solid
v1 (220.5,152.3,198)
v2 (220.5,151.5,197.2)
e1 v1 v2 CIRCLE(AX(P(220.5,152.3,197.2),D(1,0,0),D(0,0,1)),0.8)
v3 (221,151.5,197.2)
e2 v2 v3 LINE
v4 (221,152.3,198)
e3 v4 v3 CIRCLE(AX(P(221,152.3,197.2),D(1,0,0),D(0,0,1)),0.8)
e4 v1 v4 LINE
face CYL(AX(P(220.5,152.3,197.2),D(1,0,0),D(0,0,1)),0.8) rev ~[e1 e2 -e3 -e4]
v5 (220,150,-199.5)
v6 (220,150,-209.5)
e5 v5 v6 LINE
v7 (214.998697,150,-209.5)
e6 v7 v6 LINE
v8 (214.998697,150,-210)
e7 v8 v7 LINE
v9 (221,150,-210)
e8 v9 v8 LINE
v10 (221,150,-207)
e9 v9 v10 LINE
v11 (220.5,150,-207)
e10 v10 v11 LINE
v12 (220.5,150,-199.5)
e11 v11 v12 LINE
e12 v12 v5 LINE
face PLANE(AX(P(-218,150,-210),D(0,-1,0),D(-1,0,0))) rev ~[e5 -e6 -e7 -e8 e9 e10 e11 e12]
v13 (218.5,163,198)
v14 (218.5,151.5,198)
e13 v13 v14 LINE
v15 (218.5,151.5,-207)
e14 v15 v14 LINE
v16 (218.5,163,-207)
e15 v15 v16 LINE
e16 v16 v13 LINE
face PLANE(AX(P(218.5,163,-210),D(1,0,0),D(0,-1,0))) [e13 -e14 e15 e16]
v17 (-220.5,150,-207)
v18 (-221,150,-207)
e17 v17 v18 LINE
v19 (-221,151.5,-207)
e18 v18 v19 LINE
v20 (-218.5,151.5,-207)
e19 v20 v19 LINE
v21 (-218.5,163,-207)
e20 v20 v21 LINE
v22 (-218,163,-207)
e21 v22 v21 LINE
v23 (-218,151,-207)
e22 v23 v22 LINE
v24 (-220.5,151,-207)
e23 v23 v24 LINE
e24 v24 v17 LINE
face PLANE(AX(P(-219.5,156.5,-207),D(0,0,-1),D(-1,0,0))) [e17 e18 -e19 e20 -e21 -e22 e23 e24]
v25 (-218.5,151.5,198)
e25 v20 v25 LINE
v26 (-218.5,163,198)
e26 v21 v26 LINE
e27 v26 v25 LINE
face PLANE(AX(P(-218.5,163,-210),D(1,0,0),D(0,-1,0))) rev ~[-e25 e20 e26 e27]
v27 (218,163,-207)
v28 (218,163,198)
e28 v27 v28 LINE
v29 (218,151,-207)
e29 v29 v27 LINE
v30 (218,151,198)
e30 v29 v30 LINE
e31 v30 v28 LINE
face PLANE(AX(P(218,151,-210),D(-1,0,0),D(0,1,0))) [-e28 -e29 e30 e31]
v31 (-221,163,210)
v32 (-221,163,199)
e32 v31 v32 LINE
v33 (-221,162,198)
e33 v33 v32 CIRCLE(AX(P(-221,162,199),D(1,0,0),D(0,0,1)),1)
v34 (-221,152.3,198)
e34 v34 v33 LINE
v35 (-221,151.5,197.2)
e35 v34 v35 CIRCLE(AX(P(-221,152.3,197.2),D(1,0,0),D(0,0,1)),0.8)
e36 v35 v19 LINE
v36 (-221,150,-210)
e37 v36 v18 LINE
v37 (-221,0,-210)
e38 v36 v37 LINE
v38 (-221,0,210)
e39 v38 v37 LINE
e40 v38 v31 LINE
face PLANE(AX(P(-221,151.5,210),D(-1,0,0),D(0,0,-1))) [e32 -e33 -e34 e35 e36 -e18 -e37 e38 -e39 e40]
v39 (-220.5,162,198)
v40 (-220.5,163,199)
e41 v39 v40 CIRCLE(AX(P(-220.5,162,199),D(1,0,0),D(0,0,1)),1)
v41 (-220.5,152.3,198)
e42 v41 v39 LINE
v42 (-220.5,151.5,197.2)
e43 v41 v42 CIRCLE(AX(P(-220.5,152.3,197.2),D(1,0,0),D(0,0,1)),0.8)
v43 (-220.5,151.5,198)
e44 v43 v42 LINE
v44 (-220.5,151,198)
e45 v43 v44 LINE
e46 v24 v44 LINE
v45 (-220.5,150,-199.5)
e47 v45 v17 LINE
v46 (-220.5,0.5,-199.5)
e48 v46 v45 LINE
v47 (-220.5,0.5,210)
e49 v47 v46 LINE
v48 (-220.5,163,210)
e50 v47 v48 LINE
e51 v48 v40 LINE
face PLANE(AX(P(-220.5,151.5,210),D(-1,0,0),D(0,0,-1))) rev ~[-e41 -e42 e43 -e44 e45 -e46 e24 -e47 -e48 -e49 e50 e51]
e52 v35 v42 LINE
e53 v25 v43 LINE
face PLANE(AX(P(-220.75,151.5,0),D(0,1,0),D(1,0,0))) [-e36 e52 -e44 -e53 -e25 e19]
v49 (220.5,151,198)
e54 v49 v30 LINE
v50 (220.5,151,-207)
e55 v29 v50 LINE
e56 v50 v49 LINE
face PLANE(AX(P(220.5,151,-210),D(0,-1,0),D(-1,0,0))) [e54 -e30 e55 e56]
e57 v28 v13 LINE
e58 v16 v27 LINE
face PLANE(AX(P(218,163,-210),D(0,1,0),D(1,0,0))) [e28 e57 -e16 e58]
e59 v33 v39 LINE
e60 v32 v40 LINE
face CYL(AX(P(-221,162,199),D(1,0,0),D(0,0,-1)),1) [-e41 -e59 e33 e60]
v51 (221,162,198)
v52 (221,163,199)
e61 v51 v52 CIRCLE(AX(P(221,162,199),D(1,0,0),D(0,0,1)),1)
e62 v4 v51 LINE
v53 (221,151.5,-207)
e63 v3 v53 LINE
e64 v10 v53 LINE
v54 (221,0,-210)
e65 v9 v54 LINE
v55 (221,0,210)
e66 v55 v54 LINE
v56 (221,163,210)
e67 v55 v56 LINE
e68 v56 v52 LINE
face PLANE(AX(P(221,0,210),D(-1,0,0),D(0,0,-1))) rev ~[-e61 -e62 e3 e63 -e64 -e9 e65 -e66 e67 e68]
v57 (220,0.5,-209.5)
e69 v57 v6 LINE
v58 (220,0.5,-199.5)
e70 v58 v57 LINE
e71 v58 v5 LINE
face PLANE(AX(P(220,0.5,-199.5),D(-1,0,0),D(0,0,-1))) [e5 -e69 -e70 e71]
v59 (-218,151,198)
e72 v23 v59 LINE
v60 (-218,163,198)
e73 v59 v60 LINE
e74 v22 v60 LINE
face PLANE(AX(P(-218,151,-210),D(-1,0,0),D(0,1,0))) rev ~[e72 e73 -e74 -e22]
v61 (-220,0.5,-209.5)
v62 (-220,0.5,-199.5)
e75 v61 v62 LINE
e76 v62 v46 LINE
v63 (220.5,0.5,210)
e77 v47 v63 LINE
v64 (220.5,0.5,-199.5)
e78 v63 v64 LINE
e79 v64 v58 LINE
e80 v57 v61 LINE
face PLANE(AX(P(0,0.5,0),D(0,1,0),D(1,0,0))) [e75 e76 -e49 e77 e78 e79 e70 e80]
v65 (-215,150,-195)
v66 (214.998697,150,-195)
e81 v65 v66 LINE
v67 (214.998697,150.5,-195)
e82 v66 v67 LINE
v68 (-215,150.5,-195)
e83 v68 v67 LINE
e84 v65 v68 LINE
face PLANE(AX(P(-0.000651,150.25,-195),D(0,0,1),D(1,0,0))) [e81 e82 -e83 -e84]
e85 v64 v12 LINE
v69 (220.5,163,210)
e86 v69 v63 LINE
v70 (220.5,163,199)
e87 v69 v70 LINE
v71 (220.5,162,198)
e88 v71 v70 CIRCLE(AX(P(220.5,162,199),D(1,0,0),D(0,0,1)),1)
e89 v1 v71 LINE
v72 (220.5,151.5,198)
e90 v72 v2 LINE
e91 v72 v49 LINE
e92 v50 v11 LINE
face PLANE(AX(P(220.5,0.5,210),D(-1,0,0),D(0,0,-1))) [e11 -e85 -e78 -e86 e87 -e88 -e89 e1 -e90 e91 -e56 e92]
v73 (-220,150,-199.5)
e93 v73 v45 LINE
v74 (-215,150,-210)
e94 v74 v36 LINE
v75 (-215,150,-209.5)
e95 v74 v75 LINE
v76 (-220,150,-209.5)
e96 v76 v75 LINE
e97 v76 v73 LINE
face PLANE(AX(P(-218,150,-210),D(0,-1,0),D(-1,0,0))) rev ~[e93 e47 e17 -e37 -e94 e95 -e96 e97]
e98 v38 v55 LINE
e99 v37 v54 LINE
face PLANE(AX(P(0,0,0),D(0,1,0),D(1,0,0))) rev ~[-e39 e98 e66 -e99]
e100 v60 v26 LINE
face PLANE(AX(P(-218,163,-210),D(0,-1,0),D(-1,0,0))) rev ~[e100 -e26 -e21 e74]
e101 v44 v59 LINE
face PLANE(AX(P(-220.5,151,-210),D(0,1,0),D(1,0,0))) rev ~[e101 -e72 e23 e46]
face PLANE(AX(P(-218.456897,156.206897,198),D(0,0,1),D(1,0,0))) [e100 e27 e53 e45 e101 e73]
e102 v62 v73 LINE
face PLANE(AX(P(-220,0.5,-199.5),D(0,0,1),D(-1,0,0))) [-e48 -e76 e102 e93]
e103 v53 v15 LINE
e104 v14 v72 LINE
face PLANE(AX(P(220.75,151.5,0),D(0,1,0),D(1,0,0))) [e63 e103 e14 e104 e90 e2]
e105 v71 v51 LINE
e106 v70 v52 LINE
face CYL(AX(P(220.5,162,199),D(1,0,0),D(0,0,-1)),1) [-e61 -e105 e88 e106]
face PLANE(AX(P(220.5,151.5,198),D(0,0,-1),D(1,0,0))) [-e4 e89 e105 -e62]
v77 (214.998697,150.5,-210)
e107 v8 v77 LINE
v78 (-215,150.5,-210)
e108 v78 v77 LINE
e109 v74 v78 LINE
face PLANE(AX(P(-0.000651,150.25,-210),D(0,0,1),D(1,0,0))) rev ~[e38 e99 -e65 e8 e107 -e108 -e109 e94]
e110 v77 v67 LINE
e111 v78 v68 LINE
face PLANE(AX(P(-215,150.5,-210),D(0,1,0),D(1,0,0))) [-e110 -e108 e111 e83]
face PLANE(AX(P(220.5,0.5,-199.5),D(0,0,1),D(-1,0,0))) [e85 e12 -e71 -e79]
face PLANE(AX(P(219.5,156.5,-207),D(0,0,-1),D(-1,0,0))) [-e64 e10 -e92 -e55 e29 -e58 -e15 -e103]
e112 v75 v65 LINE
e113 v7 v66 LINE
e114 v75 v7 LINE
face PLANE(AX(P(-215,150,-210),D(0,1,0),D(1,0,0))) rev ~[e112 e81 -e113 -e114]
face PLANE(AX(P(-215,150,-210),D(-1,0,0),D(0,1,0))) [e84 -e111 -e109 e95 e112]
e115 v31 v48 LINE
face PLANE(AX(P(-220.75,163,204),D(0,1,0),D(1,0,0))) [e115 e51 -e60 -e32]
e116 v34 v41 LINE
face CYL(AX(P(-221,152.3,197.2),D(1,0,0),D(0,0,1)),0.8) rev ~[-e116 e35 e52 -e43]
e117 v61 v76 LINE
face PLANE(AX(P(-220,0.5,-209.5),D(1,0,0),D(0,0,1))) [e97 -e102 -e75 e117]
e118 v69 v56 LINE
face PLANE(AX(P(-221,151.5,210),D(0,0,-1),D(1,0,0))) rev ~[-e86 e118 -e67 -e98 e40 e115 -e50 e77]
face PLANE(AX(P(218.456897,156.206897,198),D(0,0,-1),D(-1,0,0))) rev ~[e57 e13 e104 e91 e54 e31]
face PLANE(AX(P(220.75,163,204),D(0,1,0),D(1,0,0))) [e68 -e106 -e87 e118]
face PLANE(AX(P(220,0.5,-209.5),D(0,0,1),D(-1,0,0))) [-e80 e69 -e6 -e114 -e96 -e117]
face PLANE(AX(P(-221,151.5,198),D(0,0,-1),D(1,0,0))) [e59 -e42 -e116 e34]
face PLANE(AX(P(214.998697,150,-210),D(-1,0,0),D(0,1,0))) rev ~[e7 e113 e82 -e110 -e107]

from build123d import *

# Parameters (mm, degrees)
SKETCH1_W           = 442
SKETCH1_H           = 420
BOSS_EXTRUDE1_DEPTH = 0.5
SKETCH2_W           = 0.5
SKETCH2_H           = 420
BOSS_EXTRUDE2_DEPTH = 151
BOSS_EXTRUDE5_DEPTH = 408
BOSS_EXTRUDE3_DEPTH = 149.5
SKETCH41_W          = 3
SKETCH41_H          = 13
CUT_EXTRUDE1_DEPTH  = 3
SKETCH42_W          = 430
SKETCH42_H          = 0.5
BOSS_EXTRUDE6_DEPTH = 147.4
SKETCH43_W          = 429.998697479
SKETCH43_H          = 0.5
BOSS_EXTRUDE7_DEPTH = 15
SKETCH44_W          = 0.5
SKETCH44_H          = 12
BOSS_EXTRUDE8_DEPTH = 11.5
FILLET1_R           = 1
FILLET2_R           = 0.8


with BuildPart() as part:
    # Sketch1 → Boss-Extrude1 (new body)
    with BuildSketch(Plane(origin=(0, 0, 0), x_dir=(1, 0, 0), z_dir=(0, 1, 0))):
        Rectangle(SKETCH1_W, SKETCH1_H)
    extrude(amount=BOSS_EXTRUDE1_DEPTH)

    # Sketch2 → Boss-Extrude2 (add)
    with BuildSketch(Plane(origin=(0, 0.5, 0), x_dir=(1, 0, 0), z_dir=(0, 1, 0))):
        with Locations((-220.75, 0)):
            Rectangle(SKETCH2_W, SKETCH2_H)
        with Locations((220.75, 0)):
            Rectangle(SKETCH2_W, SKETCH2_H)
    extrude(amount=BOSS_EXTRUDE2_DEPTH)

    # Sketch39 → Boss-Extrude5 (add)
    with BuildSketch(Plane(origin=(0, 0, -210), x_dir=(-1, 0, 0), z_dir=(0, 0, -1))):
        Polygon((220.5, 151), (218, 151), (218, 163), (218.5, 163), (218.5, 151.5), (220.5, 151.5), align=None)
        Polygon((-220.5, 151.5), (-220.5, 151), (-218, 151), (-218, 163), (-218.5, 163), (-218.5, 151.5), align=None)
    extrude(amount=-BOSS_EXTRUDE5_DEPTH)

    # Sketch41 → Cut-Extrude1 (cut)
    with BuildSketch(Plane(origin=(0, 0, -210), x_dir=(-1, 0, 0), z_dir=(0, 0, -1))):
        with Locations((219.5, 156.5)):
            Rectangle(SKETCH41_W, SKETCH41_H)
        with Locations((-219.5, 156.5)):
            Rectangle(SKETCH41_W, SKETCH41_H)
    extrude(amount=-CUT_EXTRUDE1_DEPTH, mode=Mode.SUBTRACT)


with BuildPart() as body_2:
    # Sketch7 → Boss-Extrude3 (new body)
    with BuildSketch(Plane(origin=(0, 0.5, 0), x_dir=(1, 0, 0), z_dir=(0, 1, 0))):
        Polygon((-220.5, 210), (220.5, 210), (220.5, 199.5), (220, 199.5), (220, 209.5), (-220, 209.5), (-220, 199.5), (-220.5, 199.5), align=None)
    extrude(amount=BOSS_EXTRUDE3_DEPTH)


    add(part.part)  # Boss-Extrude6 merges part
    # Sketch42 → Boss-Extrude6 (add)
    with BuildSketch(Plane(origin=(0, 150, 0), x_dir=(1, 0, 0), z_dir=(0, 1, 0))):
        with Locations((0, 209.75)):
            Rectangle(SKETCH42_W, SKETCH42_H)
    extrude(amount=-BOSS_EXTRUDE6_DEPTH)

    # Sketch43 → Boss-Extrude7 (add)
    with BuildSketch(Plane.XY.offset(-210)):
        with Locations((-0.00065126, 150.25)):
            Rectangle(SKETCH43_W, SKETCH43_H)
    extrude(amount=BOSS_EXTRUDE7_DEPTH)

    # Sketch44 → Boss-Extrude8 (add)
    with BuildSketch(Plane(origin=(0, 151.5, 0), x_dir=(1, 0, 0), z_dir=(0, 1, 0))):
        with Locations((-220.75, -204)):
            Rectangle(SKETCH44_W, SKETCH44_H)
        with Locations((220.75, -204)):
            Rectangle(SKETCH44_W, SKETCH44_H)
    extrude(amount=BOSS_EXTRUDE8_DEPTH)

    # Fillet1
    fillet1_edges = [body_2.edges().sort_by_distance(p)[0] for p in [
        (-220.75, 163, 198),
        (220.75, 163, 198),
    ]]
    fillet(fillet1_edges, radius=FILLET1_R)

    # Fillet2
    fillet2_edges = [body_2.edges().sort_by_distance(p)[0] for p in [
        (-220.75, 151.5, 198),
        (220.75, 151.5, 198),
    ]]
    fillet(fillet2_edges, radius=FILLET2_R)


solid = body_2.part
